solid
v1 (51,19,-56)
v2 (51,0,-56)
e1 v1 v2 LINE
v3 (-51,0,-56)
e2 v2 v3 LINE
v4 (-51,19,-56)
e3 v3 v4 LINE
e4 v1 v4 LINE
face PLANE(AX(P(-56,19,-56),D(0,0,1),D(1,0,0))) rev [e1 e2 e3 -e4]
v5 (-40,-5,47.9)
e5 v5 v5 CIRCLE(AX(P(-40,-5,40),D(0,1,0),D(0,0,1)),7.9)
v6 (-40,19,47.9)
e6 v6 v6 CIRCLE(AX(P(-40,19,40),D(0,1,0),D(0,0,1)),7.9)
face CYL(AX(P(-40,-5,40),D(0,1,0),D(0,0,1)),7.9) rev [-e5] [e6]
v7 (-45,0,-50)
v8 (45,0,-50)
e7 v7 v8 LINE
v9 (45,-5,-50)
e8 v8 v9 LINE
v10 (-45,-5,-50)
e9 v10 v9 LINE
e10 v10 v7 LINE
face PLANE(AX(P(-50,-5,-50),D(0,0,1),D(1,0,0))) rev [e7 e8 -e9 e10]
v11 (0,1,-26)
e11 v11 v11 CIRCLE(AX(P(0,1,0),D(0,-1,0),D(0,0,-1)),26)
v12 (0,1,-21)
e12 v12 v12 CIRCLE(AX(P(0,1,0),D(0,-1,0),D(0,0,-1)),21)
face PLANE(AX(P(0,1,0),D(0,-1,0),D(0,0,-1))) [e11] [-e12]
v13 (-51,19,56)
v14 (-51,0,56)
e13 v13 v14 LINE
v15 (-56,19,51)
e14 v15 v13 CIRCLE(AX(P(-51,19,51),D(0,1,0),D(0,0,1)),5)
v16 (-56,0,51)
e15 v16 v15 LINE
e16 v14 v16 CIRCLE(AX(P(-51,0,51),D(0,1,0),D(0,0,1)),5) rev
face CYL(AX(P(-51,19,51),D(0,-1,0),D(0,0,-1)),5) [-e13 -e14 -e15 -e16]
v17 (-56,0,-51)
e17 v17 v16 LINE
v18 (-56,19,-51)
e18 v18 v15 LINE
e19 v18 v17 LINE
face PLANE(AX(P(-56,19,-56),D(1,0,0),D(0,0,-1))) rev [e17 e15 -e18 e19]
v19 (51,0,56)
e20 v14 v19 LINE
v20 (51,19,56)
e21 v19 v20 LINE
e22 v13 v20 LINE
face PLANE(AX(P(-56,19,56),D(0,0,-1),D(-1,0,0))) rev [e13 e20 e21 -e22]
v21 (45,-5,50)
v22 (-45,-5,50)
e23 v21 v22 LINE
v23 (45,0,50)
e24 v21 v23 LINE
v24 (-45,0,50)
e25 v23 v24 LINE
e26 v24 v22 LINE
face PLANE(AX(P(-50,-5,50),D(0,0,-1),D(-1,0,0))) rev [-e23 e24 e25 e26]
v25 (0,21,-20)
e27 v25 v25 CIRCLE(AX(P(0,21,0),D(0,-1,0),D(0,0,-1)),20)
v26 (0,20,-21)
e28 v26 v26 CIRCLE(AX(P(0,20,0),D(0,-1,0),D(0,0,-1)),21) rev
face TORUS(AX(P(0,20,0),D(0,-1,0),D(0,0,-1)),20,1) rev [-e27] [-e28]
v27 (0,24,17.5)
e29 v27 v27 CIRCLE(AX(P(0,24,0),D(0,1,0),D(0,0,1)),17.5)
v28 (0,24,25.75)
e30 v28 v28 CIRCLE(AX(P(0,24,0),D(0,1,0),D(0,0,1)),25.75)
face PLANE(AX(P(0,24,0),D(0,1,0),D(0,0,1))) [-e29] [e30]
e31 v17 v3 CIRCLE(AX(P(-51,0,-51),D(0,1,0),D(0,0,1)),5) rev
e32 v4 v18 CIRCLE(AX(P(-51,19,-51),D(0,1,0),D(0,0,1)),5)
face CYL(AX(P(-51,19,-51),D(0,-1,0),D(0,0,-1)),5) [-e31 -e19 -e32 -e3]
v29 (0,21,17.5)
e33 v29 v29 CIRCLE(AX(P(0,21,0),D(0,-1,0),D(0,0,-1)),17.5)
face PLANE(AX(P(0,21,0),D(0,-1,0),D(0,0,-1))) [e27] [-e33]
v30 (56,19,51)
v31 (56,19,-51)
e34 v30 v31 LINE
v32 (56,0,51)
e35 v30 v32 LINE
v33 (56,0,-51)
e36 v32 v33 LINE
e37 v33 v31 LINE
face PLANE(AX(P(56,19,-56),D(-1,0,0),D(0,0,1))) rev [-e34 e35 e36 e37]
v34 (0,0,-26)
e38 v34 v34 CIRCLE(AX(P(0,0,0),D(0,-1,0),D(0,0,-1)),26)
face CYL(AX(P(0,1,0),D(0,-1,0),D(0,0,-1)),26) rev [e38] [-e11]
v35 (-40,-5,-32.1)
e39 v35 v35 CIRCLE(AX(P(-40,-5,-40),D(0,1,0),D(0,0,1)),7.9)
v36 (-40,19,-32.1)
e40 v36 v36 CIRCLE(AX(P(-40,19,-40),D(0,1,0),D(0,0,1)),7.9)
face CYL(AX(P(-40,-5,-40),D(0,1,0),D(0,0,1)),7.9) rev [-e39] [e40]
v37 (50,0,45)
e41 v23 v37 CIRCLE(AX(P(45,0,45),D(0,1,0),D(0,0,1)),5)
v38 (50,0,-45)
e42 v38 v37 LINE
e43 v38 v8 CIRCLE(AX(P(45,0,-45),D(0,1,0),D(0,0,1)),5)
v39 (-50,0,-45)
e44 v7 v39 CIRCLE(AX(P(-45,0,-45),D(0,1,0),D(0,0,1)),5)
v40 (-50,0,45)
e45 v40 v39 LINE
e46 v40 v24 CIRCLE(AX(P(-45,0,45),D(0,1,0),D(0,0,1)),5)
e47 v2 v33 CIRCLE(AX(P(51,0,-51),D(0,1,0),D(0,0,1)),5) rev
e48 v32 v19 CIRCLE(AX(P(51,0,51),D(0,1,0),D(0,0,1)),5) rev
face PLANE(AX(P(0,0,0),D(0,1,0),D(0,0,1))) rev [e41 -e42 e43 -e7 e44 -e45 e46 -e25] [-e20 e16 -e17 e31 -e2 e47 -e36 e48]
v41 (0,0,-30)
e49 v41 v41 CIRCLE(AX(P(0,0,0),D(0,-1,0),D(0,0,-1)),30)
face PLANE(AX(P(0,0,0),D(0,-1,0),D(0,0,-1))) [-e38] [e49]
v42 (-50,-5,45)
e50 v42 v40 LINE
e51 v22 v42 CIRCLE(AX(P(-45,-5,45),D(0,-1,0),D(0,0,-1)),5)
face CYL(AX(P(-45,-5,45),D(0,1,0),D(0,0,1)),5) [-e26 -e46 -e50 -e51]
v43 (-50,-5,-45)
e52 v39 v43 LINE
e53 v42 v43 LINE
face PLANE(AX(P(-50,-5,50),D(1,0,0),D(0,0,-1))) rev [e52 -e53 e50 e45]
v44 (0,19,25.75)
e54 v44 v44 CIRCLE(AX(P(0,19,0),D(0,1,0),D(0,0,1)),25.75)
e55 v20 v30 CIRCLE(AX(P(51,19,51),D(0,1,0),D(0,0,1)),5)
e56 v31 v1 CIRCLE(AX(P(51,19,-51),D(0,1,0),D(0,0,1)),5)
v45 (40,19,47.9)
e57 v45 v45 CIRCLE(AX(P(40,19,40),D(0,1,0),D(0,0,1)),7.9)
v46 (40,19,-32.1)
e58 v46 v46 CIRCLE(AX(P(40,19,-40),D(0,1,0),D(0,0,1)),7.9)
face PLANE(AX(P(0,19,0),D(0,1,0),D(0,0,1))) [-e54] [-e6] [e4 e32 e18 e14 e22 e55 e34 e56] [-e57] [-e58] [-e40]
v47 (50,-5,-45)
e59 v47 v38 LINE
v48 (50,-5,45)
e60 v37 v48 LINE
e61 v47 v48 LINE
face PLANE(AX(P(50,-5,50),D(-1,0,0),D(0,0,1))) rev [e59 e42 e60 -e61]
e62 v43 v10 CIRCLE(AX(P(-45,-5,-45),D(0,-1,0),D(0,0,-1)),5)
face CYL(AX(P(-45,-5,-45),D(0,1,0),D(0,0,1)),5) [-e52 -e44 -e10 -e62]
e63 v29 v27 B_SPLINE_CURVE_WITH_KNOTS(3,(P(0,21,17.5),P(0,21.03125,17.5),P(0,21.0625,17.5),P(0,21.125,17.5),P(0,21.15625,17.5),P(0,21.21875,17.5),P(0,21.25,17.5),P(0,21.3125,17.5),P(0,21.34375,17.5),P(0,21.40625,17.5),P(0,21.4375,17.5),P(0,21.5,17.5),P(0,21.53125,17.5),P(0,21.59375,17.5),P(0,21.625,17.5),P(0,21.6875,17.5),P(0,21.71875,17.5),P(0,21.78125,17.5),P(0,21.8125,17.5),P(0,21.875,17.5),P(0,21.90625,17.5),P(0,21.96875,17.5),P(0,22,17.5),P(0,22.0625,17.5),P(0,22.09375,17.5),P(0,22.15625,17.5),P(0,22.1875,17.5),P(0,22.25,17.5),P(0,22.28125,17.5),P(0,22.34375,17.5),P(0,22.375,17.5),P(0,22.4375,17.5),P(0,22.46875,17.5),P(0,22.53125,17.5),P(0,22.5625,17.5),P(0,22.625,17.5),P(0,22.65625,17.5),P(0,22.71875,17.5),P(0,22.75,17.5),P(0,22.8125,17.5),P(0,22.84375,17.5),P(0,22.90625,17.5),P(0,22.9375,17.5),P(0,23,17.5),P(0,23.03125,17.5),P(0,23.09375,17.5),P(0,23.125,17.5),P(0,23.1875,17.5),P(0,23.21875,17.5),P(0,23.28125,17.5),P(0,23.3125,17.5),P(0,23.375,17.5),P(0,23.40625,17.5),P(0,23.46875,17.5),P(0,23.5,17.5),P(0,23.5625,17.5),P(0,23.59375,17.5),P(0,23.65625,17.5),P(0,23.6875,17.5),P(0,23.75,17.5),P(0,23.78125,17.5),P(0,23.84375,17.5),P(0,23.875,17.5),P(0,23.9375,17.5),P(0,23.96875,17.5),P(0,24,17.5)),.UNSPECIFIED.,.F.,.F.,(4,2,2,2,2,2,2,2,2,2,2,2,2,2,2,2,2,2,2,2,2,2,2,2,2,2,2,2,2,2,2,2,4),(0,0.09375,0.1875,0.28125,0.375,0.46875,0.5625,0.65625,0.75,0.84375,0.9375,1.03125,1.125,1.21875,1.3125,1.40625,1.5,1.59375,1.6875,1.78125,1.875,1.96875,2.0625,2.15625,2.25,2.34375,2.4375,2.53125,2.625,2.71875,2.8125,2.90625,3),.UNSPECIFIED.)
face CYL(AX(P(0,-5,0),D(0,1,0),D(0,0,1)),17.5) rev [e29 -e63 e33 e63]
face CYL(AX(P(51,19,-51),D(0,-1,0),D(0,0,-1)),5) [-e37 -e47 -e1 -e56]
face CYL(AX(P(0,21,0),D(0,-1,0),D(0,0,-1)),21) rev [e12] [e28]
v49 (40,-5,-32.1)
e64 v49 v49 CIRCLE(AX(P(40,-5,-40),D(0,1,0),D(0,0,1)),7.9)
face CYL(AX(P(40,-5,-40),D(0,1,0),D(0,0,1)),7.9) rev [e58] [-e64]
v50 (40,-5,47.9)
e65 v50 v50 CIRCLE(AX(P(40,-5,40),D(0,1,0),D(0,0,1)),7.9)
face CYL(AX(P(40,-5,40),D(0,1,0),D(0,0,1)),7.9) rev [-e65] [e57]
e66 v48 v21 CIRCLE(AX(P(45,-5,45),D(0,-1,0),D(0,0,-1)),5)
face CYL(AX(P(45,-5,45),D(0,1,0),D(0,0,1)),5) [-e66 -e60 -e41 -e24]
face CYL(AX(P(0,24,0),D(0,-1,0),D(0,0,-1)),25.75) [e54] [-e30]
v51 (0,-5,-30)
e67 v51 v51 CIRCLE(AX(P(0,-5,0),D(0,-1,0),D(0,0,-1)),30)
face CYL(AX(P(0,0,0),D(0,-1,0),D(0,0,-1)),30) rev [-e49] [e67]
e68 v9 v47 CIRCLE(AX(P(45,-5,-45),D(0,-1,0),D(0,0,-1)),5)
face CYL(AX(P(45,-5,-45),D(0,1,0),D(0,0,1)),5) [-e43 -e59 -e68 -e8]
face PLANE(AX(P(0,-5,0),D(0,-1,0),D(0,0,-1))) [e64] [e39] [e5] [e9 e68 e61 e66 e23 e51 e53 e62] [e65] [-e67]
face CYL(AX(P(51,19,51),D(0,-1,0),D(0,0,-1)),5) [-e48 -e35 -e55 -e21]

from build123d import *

# Parameters (mm, degrees)
SKETCH_1_W          = 112
SKETCH_1_H          = 112
EXTRUDE_1_DEPTH     = 19
SKETCH_2_R          = 25.75
EXTRUDE_2_DEPTH     = 5
SKETCH_3_W          = 100
SKETCH_3_H          = 100
EXTRUDE_3_DEPTH     = 5
SKETCH_4_R          = 30
CUT_EXTRUDE_1_DEPTH = 5
SKETCH_5_R          = 26
CUT_EXTRUDE_2_DEPTH = 1
SKETCH_6_R          = 21
CUT_EXTRUDE_3_DEPTH = 20
SKETCH_7_R          = 17.5
CUT_EXTRUDE_4_DEPTH = 85.338603261
SKETCH_8_R          = 7.9
CUT_EXTRUDE_5_DEPTH = 83.752643462
FILLET_1_R          = 5
FILLET_2_R          = 1


with BuildPart() as part:
    # 草图1 → 凸台-拉伸1 (new body)
    with BuildSketch(Plane(origin=(0, 0, 0), x_dir=(1, 0, 0), z_dir=(0, 1, 0))):
        Rectangle(SKETCH_1_W, SKETCH_1_H)
    extrude(amount=EXTRUDE_1_DEPTH)

    # 草图2 → 凸台-拉伸2 (add)
    with BuildSketch(Plane(origin=(0, 19, 0), x_dir=(1, 0, 0), z_dir=(0, 1, 0))):
        with Locations(Location((0, 0, 0), (0, 0, 270))):
            Circle(SKETCH_2_R)
    extrude(amount=EXTRUDE_2_DEPTH)

    # 草图3 → 凸台-拉伸3 (add)
    with BuildSketch(Plane.XZ):
        Rectangle(SKETCH_3_W, SKETCH_3_H)
    extrude(amount=EXTRUDE_3_DEPTH)

    # 草图4 → 切除-拉伸1 (cut)
    with BuildSketch(Plane.XZ.offset(5)):
        with Locations(Location((0, 0, 0), (0, 0, 270))):
            Circle(SKETCH_4_R)
    extrude(amount=-CUT_EXTRUDE_1_DEPTH, mode=Mode.SUBTRACT)

    # 草图5 → 切除-拉伸2 (cut)
    with BuildSketch(Plane.XZ):
        with Locations(Location((0, 0, 0), (0, 0, 270))):
            Circle(SKETCH_5_R)
    extrude(amount=-CUT_EXTRUDE_2_DEPTH, mode=Mode.SUBTRACT)

    # 草图6 → 切除-拉伸3 (cut)
    with BuildSketch(Plane.XZ.offset(-1)):
        with Locations(Location((0, 0, 0), (0, 0, 270))):
            Circle(SKETCH_6_R)
    extrude(amount=-CUT_EXTRUDE_3_DEPTH, mode=Mode.SUBTRACT)

    # 草图7 → 切除-拉伸4 (cut, through all)
    with BuildSketch(Plane(origin=(0, 24, 0), x_dir=(1, 0, 0), z_dir=(0, 1, 0))):
        with Locations(Location((0, 0, 0), (0, 0, 270))):
            Circle(SKETCH_7_R)
    extrude(amount=-CUT_EXTRUDE_4_DEPTH, mode=Mode.SUBTRACT)

    # 草图8 → 切除-拉伸5 (cut, through all)
    with BuildSketch(Plane(origin=(0, 19, 0), x_dir=(1, 0, 0), z_dir=(0, 1, 0))):
        with Locations(Location((-40, 40, 0), (0, 0, 270))):
            Circle(SKETCH_8_R)
        with Locations(Location((40, 40, 0), (0, 0, 270))):
            Circle(SKETCH_8_R)
        with Locations(Location((40, -40, 0), (0, 0, 270))):
            Circle(SKETCH_8_R)
        with Locations(Location((-40, -40, 0), (0, 0, 270))):
            Circle(SKETCH_8_R)
    extrude(amount=-CUT_EXTRUDE_5_DEPTH, mode=Mode.SUBTRACT)

    # 圆角1
    fillet_1_edges = [part.edges().sort_by_distance(p)[0] for p in [
        (50, -2.5, -50),
        (50, -2.5, 50),
        (-50, -2.5, 50),
        (-50, -2.5, -50),
        (56, 9.5, 56),
        (-56, 9.5, 56),
        (-56, 9.5, -56),
        (56, 9.5, -56),
    ]]
    fillet(fillet_1_edges, radius=FILLET_1_R)

    # 圆角2
    fillet_2_edges = [part.edges().sort_by_distance(p)[0] for p in [
        (0, 21, 21),
    ]]
    fillet(fillet_2_edges, radius=FILLET_2_R)


solid = part.part
